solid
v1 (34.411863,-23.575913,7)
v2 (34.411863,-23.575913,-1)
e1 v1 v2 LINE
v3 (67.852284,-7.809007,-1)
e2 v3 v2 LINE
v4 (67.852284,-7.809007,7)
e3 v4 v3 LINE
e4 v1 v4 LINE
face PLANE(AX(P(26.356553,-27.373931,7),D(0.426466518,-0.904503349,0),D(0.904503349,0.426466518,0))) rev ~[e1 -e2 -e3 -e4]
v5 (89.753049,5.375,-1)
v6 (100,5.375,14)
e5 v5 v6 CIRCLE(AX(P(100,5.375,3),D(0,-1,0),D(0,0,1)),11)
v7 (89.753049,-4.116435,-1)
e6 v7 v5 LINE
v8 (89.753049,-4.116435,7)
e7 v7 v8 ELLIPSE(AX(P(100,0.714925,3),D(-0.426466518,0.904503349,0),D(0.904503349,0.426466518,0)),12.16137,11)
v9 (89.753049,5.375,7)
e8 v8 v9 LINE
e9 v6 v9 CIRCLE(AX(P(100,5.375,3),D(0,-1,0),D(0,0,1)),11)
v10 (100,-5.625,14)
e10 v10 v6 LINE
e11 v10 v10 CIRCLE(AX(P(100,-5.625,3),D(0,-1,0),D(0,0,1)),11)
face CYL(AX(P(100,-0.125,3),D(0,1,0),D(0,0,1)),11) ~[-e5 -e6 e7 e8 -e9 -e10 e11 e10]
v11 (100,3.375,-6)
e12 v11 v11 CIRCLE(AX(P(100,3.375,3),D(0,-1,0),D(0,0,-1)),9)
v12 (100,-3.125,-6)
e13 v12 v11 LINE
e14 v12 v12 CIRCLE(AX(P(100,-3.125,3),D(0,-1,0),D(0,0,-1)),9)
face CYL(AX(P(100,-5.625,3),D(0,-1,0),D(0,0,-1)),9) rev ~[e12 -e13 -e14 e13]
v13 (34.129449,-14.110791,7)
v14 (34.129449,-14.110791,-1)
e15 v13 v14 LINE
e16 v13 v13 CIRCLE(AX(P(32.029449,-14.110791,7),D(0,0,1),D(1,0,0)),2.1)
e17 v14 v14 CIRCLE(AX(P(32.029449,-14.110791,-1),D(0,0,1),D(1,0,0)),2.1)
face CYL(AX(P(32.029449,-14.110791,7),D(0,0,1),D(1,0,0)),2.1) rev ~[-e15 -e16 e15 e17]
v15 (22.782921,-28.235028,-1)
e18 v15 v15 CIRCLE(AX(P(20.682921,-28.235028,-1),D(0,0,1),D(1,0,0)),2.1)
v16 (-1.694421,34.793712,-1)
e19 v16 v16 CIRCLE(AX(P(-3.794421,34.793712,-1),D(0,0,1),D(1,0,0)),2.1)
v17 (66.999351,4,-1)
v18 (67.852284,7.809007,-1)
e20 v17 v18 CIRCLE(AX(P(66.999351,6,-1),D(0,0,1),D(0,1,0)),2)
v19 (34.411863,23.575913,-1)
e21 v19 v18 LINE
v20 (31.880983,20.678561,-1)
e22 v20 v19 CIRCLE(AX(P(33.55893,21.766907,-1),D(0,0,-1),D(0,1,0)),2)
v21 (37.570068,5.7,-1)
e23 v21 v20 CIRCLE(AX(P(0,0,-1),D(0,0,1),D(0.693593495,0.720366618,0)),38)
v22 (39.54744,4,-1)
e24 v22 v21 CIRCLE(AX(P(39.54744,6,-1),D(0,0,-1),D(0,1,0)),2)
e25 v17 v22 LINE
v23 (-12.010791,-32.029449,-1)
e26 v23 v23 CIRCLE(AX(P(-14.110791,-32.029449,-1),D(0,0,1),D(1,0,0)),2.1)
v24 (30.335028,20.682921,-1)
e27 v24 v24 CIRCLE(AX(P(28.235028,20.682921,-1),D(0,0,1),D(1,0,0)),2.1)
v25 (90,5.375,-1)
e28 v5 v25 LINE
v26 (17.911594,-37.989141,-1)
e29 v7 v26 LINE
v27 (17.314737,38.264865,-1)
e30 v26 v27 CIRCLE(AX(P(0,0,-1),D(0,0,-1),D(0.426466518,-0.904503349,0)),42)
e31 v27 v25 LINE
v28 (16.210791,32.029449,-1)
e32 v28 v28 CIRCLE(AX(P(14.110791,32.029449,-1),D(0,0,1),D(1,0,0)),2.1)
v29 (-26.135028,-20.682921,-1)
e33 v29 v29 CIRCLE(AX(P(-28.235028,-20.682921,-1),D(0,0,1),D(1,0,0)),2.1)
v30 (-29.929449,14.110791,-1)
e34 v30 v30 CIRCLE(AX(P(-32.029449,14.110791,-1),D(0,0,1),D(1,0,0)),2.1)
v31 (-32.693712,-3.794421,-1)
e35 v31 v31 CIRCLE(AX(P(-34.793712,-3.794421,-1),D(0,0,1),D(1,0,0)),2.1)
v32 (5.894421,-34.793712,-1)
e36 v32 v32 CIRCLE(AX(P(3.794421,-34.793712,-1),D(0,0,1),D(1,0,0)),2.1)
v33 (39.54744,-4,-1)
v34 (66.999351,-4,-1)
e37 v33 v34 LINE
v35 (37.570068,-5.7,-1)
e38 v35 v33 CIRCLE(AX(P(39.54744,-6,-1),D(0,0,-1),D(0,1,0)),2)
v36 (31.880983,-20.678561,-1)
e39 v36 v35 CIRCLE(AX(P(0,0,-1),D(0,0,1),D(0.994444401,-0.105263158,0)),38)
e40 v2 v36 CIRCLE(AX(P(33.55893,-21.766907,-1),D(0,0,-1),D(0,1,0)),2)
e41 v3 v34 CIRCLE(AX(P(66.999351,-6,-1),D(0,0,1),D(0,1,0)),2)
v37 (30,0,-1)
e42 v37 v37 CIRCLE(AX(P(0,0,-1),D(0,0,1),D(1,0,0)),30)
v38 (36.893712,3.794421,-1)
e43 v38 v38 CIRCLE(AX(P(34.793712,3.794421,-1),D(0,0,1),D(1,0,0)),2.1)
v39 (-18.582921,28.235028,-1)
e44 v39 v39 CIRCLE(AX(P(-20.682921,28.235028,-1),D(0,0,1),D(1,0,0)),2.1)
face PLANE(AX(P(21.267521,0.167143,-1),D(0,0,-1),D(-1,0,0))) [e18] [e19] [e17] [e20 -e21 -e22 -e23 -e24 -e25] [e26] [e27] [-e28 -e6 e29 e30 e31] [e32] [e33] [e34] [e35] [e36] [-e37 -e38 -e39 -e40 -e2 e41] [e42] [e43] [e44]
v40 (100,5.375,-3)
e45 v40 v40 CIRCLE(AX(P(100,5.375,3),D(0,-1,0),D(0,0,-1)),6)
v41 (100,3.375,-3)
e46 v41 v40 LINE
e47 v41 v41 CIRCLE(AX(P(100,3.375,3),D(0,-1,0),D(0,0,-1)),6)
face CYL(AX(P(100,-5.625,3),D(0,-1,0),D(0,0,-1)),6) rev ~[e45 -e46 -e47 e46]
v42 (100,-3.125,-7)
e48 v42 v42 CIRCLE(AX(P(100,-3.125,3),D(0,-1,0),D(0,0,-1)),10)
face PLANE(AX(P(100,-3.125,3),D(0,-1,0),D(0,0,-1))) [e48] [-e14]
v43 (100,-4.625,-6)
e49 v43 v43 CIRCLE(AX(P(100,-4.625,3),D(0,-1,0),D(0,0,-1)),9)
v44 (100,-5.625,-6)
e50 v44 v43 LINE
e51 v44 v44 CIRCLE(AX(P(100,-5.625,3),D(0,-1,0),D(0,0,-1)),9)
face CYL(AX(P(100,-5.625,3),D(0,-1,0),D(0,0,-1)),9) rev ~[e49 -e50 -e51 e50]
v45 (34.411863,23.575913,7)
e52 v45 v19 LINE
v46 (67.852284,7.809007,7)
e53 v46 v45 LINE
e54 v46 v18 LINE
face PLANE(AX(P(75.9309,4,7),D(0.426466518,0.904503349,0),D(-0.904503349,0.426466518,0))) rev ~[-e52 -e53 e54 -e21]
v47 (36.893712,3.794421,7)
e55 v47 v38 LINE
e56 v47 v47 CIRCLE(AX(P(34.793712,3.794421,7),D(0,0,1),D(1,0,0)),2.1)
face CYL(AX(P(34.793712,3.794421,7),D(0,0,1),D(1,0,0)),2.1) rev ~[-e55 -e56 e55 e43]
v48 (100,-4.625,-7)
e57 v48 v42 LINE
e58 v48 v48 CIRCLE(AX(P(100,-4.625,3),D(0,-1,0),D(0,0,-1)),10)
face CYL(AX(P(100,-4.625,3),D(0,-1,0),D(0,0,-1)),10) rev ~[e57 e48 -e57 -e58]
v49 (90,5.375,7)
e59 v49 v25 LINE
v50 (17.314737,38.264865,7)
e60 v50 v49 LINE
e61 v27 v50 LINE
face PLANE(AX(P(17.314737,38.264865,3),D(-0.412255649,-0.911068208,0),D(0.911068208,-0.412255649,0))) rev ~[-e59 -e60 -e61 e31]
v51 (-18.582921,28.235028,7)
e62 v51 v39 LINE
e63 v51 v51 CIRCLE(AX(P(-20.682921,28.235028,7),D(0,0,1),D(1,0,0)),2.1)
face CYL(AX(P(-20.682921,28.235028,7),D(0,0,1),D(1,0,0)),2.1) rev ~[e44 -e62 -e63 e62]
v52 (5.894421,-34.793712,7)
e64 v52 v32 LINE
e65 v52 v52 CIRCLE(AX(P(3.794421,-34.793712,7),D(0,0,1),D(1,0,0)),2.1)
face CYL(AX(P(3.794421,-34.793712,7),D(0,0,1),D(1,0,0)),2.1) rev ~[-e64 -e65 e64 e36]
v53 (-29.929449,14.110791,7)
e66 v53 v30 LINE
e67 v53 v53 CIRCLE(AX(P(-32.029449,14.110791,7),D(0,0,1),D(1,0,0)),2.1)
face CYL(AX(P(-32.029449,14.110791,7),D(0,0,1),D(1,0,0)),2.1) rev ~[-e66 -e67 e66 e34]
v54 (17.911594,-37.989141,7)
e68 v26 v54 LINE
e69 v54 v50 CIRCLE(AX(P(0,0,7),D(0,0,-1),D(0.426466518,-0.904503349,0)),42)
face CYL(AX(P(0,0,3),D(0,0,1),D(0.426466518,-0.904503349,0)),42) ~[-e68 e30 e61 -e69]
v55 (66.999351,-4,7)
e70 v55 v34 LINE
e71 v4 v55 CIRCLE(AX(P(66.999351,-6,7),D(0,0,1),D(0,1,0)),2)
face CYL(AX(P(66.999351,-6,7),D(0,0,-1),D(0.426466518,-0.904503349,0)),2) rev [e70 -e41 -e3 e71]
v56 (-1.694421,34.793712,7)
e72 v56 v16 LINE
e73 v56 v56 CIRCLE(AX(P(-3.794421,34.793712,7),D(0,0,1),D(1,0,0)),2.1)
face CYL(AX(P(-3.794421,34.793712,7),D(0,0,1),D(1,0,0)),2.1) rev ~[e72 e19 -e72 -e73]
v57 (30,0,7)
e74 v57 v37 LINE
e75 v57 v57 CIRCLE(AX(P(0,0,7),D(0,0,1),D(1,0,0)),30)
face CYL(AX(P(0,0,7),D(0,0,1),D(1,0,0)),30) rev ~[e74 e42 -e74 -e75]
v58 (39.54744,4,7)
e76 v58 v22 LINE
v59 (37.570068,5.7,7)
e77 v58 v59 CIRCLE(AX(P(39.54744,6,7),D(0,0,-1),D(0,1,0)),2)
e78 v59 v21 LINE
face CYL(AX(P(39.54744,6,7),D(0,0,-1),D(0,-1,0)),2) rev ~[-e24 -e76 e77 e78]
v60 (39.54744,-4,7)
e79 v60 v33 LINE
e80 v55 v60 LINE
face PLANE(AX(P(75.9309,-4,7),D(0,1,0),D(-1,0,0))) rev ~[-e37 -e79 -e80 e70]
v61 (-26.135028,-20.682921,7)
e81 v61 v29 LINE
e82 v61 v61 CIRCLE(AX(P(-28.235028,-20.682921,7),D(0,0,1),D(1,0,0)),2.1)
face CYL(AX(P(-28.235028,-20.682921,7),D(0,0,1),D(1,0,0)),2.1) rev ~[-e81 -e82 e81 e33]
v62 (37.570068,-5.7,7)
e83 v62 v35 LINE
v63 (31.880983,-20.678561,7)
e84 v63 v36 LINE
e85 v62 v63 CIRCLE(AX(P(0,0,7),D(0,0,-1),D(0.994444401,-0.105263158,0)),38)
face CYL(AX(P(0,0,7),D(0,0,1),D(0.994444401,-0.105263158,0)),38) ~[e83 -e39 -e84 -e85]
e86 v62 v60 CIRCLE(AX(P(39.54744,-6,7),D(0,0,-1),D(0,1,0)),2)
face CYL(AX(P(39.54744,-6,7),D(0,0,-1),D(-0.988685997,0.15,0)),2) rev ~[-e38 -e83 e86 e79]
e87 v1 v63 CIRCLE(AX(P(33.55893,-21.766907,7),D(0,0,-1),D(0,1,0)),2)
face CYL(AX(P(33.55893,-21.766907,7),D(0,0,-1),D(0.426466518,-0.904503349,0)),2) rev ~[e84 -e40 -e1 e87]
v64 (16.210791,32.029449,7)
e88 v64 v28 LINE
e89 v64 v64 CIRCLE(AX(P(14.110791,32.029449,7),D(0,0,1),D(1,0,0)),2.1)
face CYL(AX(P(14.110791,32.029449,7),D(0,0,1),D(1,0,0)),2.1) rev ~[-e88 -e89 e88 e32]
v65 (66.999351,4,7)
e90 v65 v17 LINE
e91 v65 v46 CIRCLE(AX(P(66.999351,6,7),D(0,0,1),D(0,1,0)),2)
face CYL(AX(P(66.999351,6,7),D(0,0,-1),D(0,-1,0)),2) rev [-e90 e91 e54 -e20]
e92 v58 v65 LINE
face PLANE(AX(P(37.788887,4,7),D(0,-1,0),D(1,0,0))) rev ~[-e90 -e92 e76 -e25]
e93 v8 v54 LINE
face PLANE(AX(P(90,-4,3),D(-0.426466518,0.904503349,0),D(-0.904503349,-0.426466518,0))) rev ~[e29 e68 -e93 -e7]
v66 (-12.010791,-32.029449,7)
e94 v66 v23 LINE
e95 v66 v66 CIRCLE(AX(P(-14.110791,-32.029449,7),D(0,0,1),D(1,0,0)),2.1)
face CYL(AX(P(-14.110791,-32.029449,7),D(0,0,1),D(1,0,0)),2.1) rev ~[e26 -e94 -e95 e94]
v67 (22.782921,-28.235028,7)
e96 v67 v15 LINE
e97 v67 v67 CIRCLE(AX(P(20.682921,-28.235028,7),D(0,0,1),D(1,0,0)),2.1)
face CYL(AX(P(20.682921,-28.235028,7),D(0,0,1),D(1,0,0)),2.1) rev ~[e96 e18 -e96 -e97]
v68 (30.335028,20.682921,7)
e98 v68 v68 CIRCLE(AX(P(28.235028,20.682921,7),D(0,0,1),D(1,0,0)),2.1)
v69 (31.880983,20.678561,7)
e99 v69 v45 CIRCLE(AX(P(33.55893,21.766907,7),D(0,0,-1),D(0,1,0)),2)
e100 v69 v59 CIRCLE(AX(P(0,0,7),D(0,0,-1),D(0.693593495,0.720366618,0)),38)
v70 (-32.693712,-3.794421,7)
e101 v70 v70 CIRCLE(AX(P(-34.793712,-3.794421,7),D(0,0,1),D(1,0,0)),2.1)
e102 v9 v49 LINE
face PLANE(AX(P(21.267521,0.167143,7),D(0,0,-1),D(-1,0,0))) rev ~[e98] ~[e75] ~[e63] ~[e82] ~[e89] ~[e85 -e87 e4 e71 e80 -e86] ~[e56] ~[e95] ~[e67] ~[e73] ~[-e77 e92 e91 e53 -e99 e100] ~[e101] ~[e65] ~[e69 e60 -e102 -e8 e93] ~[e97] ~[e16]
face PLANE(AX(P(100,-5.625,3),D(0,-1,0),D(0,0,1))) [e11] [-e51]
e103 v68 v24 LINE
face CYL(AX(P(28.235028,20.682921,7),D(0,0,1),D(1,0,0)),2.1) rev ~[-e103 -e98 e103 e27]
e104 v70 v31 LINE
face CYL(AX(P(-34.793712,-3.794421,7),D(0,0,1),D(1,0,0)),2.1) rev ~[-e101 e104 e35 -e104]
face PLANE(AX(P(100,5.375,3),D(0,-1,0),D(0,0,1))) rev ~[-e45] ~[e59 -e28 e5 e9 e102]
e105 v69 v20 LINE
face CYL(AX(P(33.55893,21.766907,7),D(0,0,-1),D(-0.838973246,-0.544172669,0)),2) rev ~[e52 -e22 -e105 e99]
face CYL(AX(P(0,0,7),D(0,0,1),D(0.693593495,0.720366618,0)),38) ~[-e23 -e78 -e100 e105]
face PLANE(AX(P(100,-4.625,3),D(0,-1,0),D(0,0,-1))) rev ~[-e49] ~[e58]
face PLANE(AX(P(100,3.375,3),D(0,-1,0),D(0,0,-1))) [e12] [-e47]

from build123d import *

# Parameters (mm, degrees)
SKETCH_1_R          = 42
EXTRUDE_1_DEPTH     = 3
SKETCH_2_W          = 11
SKETCH_2_H          = 11
EXTRUDE_2_DEPTH     = 4
SKETCH_4_R          = 6
CUT_EXTRUDE_1_DEPTH = 25
SKETCH_5_R          = 9
CUT_EXTRUDE_2_DEPTH = 9
CUT_EXTRUDE_START   = 8
SKETCH_6_R          = 10
SKETCH_6_R_2        = 9
CUT_EXTRUDE_3_DEPTH = 1.5
SKETCH_7_R          = 30
CUT_EXTRUDE_4_DEPTH = 30
FILLET_1_R          = 2
SKETCH_8_R          = 2.1
CUT_EXTRUDE_5_DEPTH = 120.624412224


with BuildPart() as part:
    # 草图1 → 凸台-拉伸1 (new body)
    with BuildSketch(Plane.XY):
        Circle(SKETCH_1_R)
    extrude(amount=EXTRUDE_1_DEPTH)



with BuildPart() as body_2:
    # 草图2 → 旋转1 (revolve)
    with BuildSketch(Plane.XY.offset(3), mode=Mode.PRIVATE) as revolve_1_sk:
        with Locations((94.5, -0.125)):
            Rectangle(SKETCH_2_W, SKETCH_2_H)
    revolve(revolve_1_sk.sketch.rotate(Axis((100, 22.717290725, 3), (0, -1, 0)), 270), axis=Axis((100, 22.717290725, 3), (0, -1, 0)))


with BuildPart() as part_1:
    add(part.part)

    add(body_2.part)  # 凸台-拉伸2 merges body 2
    # 草图3 → 凸台-拉伸2 (add, symmetric)
    with BuildSketch(Plane.XY.offset(3)):
        with BuildLine():
            Line((17.314737244, 38.264864748), (90, 5.375))
            Line((90, 5.375), (90, -4))
            Line((90, -4), (17.911593748, -37.989140678))
            ThreePointArc((17.911593748, -37.989140678), (-41.998713488, -0.328732965), (17.314737244, 38.264864748))
        make_face()
    extrude(amount=EXTRUDE_2_DEPTH, both=True)

    # 草图4 → 切除-拉伸1 (cut)
    with BuildSketch(Plane.XZ.offset(5.625)):
        with Locations(Location((100, 3, 0), (0, 0, 270))):
            Circle(SKETCH_4_R)
    extrude(amount=-CUT_EXTRUDE_1_DEPTH, mode=Mode.SUBTRACT)

    # 草图5 → 切除-拉伸2 (cut)
    with BuildSketch(Plane.XZ.offset(5.625)):
        with Locations(Location((100, 3, 0), (0, 0, 270))):
            Circle(SKETCH_5_R)
    extrude(amount=-CUT_EXTRUDE_2_DEPTH, mode=Mode.SUBTRACT)

    # 草图6 → 切除-拉伸3 (cut)
    # profile 1 of 2: a face of its own
    with BuildSketch(Plane.XZ.offset(-3.375).offset(CUT_EXTRUDE_START)):
        with Locations(Location((100, 3, 0), (0, 0, 270))):
            Circle(SKETCH_6_R)
        with Locations(Location((100, 3, 0), (0, 0, 270))):
            Circle(SKETCH_6_R_2, mode=Mode.SUBTRACT)
    # profile 2 of 2: a face of its own
    with BuildSketch(Plane.XZ.offset(-3.375).offset(CUT_EXTRUDE_START)):
        with Locations(Location((100, 3, 0), (0, 0, 270))):
            Circle(SKETCH_6_R_2)
    extrude(amount=-CUT_EXTRUDE_3_DEPTH, mode=Mode.SUBTRACT)

    # 草图7 → 切除-拉伸4 (cut)
    with BuildSketch(Plane.XY.offset(7)):
        Circle(SKETCH_7_R)
        with BuildLine():
            Line((26.356552806, -27.373931471), (75.930900201, -4))
            Line((75.930900201, -4), (37.788887255, -4))
            ThreePointArc((37.788887255, -4), (34.135678377, -16.695971422), (26.356552806, -27.373931471))
        make_face()
        with BuildLine():
            Line((37.788887255, 4), (75.930900201, 4))
            Line((75.930900201, 4), (26.356552806, 27.373931471))
            ThreePointArc((26.356552806, 27.373931471), (34.135678377, 16.695971422), (37.788887255, 4))
        make_face()
    extrude(amount=-CUT_EXTRUDE_4_DEPTH, mode=Mode.SUBTRACT)

    # 圆角1
    fillet_1_edges = [part_1.edges().sort_by_distance(p)[0] for p in [
        (37.788887255, 4, 3),
        (26.356552806, 27.373931471, 3),
        (75.930900201, 4, 3),
        (26.356552806, -27.373931471, 3),
        (37.788887255, -4, 3),
        (75.930900201, -4, 3),
    ]]
    fillet(fillet_1_edges, radius=FILLET_1_R)

    # 草图8 → 切除-拉伸5 (cut, through all)
    with BuildSketch(Plane.XY.offset(7)):
        with Locations((14.110790662, 32.029448745)):
            Circle(SKETCH_8_R)
        with Locations((-3.794421191, 34.793711613)):
            Circle(SKETCH_8_R)
        with Locations((-20.682920951, 28.235027553)):
            Circle(SKETCH_8_R)
        with Locations((-32.029448745, 14.110790662)):
            Circle(SKETCH_8_R)
        with Locations((-34.793711613, -3.794421191)):
            Circle(SKETCH_8_R)
        with Locations((-28.235027553, -20.682920951)):
            Circle(SKETCH_8_R)
        with Locations((-14.110790662, -32.029448745)):
            Circle(SKETCH_8_R)
        with Locations((3.794421191, -34.793711613)):
            Circle(SKETCH_8_R)
        with Locations((20.682920951, -28.235027553)):
            Circle(SKETCH_8_R)
        with Locations((32.029448745, -14.110790662)):
            Circle(SKETCH_8_R)
        with Locations((34.793711613, 3.794421191)):
            Circle(SKETCH_8_R)
        with Locations((28.235027553, 20.682920951)):
            Circle(SKETCH_8_R)
    extrude(amount=-CUT_EXTRUDE_5_DEPTH, mode=Mode.SUBTRACT)


solid = part_1.part
